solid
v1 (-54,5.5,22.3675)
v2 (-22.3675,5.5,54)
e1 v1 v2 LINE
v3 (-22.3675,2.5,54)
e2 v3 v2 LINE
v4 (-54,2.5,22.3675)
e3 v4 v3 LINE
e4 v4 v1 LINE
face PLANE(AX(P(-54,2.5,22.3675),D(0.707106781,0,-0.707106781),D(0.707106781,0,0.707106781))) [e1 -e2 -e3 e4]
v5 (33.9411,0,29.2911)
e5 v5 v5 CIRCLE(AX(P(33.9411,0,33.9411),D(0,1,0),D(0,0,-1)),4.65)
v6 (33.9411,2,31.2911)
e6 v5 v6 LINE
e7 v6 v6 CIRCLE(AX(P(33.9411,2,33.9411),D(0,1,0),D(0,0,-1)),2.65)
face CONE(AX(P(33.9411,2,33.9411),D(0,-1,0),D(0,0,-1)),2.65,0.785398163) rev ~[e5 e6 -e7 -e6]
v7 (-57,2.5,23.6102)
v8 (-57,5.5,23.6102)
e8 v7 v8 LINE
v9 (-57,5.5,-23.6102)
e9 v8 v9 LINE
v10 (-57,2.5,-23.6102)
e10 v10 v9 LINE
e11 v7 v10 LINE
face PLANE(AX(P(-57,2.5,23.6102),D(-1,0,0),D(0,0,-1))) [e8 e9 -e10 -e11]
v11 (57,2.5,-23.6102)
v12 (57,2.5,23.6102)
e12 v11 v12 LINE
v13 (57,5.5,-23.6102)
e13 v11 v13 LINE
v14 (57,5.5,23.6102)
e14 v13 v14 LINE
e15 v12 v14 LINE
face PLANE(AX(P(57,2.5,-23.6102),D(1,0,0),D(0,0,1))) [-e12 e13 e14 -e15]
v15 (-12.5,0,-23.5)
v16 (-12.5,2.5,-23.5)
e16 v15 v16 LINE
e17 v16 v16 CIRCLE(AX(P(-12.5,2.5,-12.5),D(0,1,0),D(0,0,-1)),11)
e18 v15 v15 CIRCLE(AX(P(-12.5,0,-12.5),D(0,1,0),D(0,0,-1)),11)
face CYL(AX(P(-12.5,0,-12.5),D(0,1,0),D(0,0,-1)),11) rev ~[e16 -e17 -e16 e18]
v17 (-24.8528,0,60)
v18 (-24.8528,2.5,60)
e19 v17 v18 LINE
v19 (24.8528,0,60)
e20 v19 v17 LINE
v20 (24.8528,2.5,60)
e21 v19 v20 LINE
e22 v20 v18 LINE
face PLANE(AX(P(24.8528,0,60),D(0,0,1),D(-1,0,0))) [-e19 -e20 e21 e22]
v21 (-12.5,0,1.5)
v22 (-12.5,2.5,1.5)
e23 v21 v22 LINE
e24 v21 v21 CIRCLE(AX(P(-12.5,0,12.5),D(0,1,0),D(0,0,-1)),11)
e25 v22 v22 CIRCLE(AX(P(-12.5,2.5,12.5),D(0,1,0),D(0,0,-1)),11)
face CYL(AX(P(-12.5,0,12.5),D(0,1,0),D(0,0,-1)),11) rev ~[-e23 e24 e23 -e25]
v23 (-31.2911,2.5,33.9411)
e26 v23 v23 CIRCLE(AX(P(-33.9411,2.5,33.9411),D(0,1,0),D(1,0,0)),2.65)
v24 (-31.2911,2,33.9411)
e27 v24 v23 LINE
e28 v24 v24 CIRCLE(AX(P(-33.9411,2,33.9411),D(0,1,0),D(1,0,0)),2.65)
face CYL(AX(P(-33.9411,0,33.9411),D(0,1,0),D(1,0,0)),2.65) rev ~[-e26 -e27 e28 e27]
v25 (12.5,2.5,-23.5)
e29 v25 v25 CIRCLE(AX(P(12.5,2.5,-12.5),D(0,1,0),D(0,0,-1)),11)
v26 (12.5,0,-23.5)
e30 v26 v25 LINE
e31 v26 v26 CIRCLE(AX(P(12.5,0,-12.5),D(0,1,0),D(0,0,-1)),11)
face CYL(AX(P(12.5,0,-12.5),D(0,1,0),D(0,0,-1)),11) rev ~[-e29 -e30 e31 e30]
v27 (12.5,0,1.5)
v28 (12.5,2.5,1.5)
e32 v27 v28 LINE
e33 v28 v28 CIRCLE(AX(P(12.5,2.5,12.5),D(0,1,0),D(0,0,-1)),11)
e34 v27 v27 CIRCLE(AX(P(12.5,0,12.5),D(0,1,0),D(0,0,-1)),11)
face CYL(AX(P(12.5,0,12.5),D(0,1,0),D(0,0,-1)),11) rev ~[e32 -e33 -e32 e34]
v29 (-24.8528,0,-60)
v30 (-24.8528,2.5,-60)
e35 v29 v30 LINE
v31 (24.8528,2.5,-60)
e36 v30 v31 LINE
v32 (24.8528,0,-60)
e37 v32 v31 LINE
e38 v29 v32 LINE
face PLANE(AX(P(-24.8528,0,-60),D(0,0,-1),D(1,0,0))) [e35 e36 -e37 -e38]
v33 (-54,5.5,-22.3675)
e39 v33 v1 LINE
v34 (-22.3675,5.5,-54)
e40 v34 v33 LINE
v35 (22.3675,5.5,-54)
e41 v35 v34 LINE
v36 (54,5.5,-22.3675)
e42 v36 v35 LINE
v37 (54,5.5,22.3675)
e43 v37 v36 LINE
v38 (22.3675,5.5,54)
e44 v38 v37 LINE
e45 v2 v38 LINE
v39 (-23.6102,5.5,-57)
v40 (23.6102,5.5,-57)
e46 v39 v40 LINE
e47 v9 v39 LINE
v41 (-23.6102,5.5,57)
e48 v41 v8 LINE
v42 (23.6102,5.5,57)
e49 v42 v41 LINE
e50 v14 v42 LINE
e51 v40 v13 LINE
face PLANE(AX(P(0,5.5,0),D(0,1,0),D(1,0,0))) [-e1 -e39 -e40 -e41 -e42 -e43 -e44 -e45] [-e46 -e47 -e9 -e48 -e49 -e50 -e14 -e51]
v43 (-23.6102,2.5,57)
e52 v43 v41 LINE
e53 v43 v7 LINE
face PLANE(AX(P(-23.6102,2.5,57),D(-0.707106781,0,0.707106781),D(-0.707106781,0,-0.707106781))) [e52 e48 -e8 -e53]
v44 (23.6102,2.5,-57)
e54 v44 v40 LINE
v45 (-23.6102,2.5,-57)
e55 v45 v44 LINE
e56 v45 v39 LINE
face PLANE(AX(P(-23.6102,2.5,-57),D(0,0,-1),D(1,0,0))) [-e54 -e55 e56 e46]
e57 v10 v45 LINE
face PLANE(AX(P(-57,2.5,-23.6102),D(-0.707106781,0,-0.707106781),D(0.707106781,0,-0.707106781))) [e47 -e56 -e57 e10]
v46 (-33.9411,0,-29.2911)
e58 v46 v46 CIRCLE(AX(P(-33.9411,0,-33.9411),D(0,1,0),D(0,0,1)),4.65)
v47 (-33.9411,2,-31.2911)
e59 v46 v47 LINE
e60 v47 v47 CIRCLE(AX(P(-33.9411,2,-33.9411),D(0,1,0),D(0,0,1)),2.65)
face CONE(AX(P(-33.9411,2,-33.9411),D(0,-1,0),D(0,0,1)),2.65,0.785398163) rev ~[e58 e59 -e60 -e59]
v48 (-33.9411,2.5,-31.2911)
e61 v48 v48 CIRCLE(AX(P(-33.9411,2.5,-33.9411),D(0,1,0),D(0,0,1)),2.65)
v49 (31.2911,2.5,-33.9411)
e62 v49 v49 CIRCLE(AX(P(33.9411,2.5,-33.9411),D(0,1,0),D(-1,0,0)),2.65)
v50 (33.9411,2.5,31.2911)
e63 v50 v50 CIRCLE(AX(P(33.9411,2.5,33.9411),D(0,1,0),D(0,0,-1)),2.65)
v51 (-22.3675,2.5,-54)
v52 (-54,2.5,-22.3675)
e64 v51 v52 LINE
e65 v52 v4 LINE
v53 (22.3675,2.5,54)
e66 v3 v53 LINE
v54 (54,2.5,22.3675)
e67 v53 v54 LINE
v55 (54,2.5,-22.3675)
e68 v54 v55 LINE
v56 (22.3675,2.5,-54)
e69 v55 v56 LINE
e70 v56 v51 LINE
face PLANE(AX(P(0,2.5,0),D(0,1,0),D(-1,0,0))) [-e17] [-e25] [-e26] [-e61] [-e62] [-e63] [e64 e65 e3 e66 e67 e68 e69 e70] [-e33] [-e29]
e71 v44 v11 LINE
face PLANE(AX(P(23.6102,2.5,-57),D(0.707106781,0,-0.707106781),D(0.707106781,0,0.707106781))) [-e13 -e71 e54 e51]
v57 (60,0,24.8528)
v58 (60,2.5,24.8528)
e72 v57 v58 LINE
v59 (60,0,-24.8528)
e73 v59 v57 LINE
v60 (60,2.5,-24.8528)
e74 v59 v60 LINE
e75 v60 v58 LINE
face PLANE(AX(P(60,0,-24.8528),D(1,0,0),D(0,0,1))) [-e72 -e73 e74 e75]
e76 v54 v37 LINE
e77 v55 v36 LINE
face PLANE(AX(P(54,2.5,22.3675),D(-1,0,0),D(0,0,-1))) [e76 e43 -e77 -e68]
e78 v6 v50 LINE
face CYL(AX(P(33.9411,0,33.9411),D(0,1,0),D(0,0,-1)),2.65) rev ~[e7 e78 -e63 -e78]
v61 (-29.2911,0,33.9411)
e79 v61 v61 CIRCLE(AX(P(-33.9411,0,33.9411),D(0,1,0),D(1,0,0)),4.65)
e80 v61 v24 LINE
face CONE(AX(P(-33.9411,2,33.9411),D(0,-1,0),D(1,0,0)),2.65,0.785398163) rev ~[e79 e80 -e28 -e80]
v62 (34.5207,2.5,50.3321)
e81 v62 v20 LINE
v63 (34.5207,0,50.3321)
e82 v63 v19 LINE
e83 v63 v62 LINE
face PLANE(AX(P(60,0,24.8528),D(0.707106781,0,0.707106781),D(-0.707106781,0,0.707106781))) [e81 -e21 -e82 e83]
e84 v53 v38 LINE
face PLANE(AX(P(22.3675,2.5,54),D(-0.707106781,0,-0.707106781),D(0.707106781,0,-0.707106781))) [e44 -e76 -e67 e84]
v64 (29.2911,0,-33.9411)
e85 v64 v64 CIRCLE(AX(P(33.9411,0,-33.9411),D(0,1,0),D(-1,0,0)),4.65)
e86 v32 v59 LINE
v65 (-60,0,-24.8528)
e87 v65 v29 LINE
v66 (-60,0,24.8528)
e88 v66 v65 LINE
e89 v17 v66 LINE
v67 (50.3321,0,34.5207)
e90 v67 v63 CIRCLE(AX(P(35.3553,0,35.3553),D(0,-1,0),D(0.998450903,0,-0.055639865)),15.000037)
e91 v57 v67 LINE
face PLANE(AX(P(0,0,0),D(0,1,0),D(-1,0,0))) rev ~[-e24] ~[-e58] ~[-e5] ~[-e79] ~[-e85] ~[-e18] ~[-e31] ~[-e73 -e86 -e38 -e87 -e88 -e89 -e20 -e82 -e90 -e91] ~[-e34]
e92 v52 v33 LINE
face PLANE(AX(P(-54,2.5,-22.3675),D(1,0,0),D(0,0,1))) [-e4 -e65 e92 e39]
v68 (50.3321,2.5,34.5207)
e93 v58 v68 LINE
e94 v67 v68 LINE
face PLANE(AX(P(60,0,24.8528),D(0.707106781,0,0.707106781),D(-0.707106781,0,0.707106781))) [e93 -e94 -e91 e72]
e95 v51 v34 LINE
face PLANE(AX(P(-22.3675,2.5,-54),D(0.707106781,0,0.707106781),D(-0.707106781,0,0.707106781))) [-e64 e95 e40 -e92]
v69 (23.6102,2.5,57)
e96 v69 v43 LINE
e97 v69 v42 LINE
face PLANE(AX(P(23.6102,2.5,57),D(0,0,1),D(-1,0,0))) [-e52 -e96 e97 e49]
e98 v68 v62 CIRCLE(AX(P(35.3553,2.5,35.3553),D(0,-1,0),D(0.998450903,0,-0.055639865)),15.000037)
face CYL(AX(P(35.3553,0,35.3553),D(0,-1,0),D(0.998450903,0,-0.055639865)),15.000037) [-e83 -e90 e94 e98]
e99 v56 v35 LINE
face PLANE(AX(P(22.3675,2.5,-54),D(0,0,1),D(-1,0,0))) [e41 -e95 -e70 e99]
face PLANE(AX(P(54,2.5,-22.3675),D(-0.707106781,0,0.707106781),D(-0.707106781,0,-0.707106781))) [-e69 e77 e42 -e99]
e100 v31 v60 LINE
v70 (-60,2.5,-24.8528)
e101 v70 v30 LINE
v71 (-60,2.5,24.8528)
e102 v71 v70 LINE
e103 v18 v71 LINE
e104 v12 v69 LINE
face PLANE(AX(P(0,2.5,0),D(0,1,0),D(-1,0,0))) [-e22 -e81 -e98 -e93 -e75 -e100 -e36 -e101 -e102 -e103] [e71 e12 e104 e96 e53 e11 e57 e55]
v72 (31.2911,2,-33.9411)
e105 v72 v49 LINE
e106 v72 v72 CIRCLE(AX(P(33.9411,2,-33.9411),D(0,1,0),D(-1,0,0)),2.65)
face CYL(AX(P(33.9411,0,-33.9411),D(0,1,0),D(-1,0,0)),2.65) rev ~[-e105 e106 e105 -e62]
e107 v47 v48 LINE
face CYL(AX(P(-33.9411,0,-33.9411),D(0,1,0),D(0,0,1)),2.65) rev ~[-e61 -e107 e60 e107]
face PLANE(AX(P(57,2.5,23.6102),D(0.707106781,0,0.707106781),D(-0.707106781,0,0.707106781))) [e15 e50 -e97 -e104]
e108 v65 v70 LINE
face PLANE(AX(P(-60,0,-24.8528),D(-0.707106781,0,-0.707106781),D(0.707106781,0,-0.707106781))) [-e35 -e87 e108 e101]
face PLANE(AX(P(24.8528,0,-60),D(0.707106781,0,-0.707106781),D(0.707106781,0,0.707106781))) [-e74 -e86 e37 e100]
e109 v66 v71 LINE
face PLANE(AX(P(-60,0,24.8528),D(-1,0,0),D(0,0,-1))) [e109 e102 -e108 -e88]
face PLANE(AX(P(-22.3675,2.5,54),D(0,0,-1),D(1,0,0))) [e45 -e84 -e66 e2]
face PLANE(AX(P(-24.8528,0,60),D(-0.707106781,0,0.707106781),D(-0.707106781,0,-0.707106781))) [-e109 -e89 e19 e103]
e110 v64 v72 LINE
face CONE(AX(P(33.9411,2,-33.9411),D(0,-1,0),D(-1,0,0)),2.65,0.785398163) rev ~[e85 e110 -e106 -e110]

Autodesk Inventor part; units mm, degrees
ref_plane "YZ Plane" through (0, 0, 0) normal (1, 0, 0) x (0, 1, 0)
ref_plane "XZ Plane" through (0, 0, 0) normal (0, 1, 0) x (-1, 0, 0)
ref_plane "XY Plane" through (0, 0, 0) normal (0, 0, 1) x (1, 0, 0)
sketch "Skizze4" plane through (0, 0, 0) normal (0, 1, 0) x (-1, 0, 0)
  line L0 (24.8528, 60) -> (60, 24.8528)
  line L1 (60, 24.8528) -> (60, -24.8528)
  line L2 (60, -24.8528) -> (24.8528, -60)
  line L3 (24.8528, -60) -> (-24.8528, -60)
  line L4 (-24.8528, -60) -> (-60, -24.8528)
  line L5 (-60, -24.8528) -> (-60, 24.8528)
  line L6 (-60, 24.8528) -> (-24.8528, 60)
  line L7 (-24.8528, 60) -> (24.8528, 60)
  line L8 (0, -84) -> (0, 84) construction
  line L9 (84, 0) -> (-84, 0) construction
  point P0 (0, 0)
  point P1 (0, 0)
  dimension "d4" = 120
extrude "Extrusion2" add sketch "Skizze4" along normal blind 2.5
sketch "Skizze9" plane through (0, 2.5, 0) normal (0, 1, 0) x (1, 0, 0)
  line L0 (-60, -24.8528) -> (-24.8528, -60) construction
  line L1 (-24.8528, -60) -> (24.8528, -60) construction
  line L2 (24.8528, -60) -> (60, -24.8528) construction
  line L3 (60, -24.8528) -> (60, 24.8528) construction
  line L4 (60, 24.8528) -> (24.8528, 60) construction
  line L5 (24.8528, 60) -> (-24.8528, 60) construction
  line L6 (-24.8528, 60) -> (-60, 24.8528) construction
  line L7 (-60, 24.8528) -> (-60, -24.8528) construction
  line L8 (-23.6102, -57) -> (-57, -23.6102)
  line L9 (-57, -23.6102) -> (-57, 23.6102)
  line L10 (-57, 23.6102) -> (-23.6102, 57)
  line L11 (-23.6102, 57) -> (23.6102, 57)
  line L12 (23.6102, 57) -> (57, 23.6102)
  line L13 (57, 23.6102) -> (57, -23.6102)
  line L14 (57, -23.6102) -> (23.6102, -57)
  line L15 (23.6102, -57) -> (-23.6102, -57)
  line L16 (-54, -22.3675) -> (-22.3675, -54)
  line L17 (-22.3675, -54) -> (22.3675, -54)
  line L18 (22.3675, -54) -> (54, -22.3675)
  line L19 (54, -22.3675) -> (54, 22.3675)
  line L20 (54, 22.3675) -> (22.3675, 54)
  line L21 (22.3675, 54) -> (-22.3675, 54)
  line L22 (-22.3675, 54) -> (-54, 22.3675)
  line L23 (-54, 22.3675) -> (-54, -22.3675)
  point P0 (0, 0)
  dimension "d20" = 3
  dimension "d21" = 3
extrude "Extrusion6" add sketch "Skizze9" along normal blind 3
sketch "Skizze7" plane through (0, 0, 0) normal (0, -1, 0) x (1, 0, 0)
  line L0 (-24.8528, 60) -> (-60, 24.8528) construction
  line L1 (-60, 24.8528) -> (-60, -24.8528) construction
  line L2 (-60, -24.8528) -> (-24.8528, -60) construction
  line L3 (-24.8528, -60) -> (24.8528, -60) construction
  line L4 (24.8528, -60) -> (60, -24.8528) construction
  line L5 (60, -24.8528) -> (60, 24.8528) construction
  line L6 (60, 24.8528) -> (24.8528, 60)
  line L7 (24.8528, 60) -> (-24.8528, 60) construction
  line L8 (-84, 0) -> (84, 0) construction
  arc A0 (50.3321, 34.5207) -> (34.5207, 50.3321) centre (35.3553, 35.3553) ccw
  line L9 (35.3553, 35.3553) -> (49.4431, 49.4431) construction
  line L10 (50.3321, 34.5207) -> (34.5207, 50.3321) construction
  point P0 (0, 0)
  dimension "d61" = 10
  dimension "d62" = 15
  dimension "d63" = 49.7056
  dimension "d64" = 24.8528
extrude "Extrusion5" add sketch "Skizze7" against normal up to surface (2.5 mm away)
sketch "Skizze11" plane through (0, 0, 0) normal (0, -1, 0) x (1, 0, 0)
  line L0 (-84, 0) -> (84, 0) construction
  line L1 (0, -84) -> (0, 84) construction
  point P0 (0, 0)
  point P1 (-12.5, 12.5)
  point P2 (-12.5, -12.5)
  point P3 (12.5, -12.5)
  point P4 (12.5, 12.5)
  dimension "d27" = 12.5
  dimension "d31" = 12.5
  dimension "d34" = 360
hole "Bohrung1" at (-12.5, 0, 12.5) at (-12.5, 0, -12.5) at (12.5, 0, -12.5) at (12.5, 0, 12.5) direction (0, 1, 0) diameter 22 end through all
sketch "Skizze12" plane through (0, 0, 0) normal (0, -1, 0) x (1, 0, 0)
  line L0 (-24.8528, 60) -> (-60, 24.8528) projected
  line L1 (60, 24.8528) -> (24.8528, 60) projected
  line L2 (24.8528, -60) -> (60, -24.8528) projected
  line L3 (-60, -24.8528) -> (-24.8528, -60) projected
  line L4 (24.8528, 60) -> (24.8528, 24.8528) construction
  line L5 (24.8528, 24.8528) -> (60, 24.8528) construction
  line L6 (24.8528, 24.8528) -> (42.4264, 42.4264) construction
  line L7 (24.8528, 60) -> (-24.8528, 60) construction
  point P0 (0, 0)
  point P1 (33.9411, 33.9411)
  dimension "d44" = 12
  dimension "d47" = 45
hole "Bohrung2" at (33.9411, 0, 33.9411) direction (0, 1, 0) diameter 5.3 end through all
pattern_circular "Runde Anordnung1" count 4 over 360 about axis through (0, -10, 0) along (0, 1, 0) of "Bohrung2"
chamfer "Fase1" distance 2 angle 45 4 edges at (36.5911, 0, -33.9411) (33.9411, 0, 36.5911) (-36.5911, 0, 33.9411) (-33.9411, 0, -36.5911)
equation "\"d64\" = 0.5 * d63"
equation "\"d31\" = d27"
equation "\"d44\" = d43"
equation "\"d43\" = 12"
properties part number "Oktagon_Deckel" material "PC/ABS-Kunststoff"
